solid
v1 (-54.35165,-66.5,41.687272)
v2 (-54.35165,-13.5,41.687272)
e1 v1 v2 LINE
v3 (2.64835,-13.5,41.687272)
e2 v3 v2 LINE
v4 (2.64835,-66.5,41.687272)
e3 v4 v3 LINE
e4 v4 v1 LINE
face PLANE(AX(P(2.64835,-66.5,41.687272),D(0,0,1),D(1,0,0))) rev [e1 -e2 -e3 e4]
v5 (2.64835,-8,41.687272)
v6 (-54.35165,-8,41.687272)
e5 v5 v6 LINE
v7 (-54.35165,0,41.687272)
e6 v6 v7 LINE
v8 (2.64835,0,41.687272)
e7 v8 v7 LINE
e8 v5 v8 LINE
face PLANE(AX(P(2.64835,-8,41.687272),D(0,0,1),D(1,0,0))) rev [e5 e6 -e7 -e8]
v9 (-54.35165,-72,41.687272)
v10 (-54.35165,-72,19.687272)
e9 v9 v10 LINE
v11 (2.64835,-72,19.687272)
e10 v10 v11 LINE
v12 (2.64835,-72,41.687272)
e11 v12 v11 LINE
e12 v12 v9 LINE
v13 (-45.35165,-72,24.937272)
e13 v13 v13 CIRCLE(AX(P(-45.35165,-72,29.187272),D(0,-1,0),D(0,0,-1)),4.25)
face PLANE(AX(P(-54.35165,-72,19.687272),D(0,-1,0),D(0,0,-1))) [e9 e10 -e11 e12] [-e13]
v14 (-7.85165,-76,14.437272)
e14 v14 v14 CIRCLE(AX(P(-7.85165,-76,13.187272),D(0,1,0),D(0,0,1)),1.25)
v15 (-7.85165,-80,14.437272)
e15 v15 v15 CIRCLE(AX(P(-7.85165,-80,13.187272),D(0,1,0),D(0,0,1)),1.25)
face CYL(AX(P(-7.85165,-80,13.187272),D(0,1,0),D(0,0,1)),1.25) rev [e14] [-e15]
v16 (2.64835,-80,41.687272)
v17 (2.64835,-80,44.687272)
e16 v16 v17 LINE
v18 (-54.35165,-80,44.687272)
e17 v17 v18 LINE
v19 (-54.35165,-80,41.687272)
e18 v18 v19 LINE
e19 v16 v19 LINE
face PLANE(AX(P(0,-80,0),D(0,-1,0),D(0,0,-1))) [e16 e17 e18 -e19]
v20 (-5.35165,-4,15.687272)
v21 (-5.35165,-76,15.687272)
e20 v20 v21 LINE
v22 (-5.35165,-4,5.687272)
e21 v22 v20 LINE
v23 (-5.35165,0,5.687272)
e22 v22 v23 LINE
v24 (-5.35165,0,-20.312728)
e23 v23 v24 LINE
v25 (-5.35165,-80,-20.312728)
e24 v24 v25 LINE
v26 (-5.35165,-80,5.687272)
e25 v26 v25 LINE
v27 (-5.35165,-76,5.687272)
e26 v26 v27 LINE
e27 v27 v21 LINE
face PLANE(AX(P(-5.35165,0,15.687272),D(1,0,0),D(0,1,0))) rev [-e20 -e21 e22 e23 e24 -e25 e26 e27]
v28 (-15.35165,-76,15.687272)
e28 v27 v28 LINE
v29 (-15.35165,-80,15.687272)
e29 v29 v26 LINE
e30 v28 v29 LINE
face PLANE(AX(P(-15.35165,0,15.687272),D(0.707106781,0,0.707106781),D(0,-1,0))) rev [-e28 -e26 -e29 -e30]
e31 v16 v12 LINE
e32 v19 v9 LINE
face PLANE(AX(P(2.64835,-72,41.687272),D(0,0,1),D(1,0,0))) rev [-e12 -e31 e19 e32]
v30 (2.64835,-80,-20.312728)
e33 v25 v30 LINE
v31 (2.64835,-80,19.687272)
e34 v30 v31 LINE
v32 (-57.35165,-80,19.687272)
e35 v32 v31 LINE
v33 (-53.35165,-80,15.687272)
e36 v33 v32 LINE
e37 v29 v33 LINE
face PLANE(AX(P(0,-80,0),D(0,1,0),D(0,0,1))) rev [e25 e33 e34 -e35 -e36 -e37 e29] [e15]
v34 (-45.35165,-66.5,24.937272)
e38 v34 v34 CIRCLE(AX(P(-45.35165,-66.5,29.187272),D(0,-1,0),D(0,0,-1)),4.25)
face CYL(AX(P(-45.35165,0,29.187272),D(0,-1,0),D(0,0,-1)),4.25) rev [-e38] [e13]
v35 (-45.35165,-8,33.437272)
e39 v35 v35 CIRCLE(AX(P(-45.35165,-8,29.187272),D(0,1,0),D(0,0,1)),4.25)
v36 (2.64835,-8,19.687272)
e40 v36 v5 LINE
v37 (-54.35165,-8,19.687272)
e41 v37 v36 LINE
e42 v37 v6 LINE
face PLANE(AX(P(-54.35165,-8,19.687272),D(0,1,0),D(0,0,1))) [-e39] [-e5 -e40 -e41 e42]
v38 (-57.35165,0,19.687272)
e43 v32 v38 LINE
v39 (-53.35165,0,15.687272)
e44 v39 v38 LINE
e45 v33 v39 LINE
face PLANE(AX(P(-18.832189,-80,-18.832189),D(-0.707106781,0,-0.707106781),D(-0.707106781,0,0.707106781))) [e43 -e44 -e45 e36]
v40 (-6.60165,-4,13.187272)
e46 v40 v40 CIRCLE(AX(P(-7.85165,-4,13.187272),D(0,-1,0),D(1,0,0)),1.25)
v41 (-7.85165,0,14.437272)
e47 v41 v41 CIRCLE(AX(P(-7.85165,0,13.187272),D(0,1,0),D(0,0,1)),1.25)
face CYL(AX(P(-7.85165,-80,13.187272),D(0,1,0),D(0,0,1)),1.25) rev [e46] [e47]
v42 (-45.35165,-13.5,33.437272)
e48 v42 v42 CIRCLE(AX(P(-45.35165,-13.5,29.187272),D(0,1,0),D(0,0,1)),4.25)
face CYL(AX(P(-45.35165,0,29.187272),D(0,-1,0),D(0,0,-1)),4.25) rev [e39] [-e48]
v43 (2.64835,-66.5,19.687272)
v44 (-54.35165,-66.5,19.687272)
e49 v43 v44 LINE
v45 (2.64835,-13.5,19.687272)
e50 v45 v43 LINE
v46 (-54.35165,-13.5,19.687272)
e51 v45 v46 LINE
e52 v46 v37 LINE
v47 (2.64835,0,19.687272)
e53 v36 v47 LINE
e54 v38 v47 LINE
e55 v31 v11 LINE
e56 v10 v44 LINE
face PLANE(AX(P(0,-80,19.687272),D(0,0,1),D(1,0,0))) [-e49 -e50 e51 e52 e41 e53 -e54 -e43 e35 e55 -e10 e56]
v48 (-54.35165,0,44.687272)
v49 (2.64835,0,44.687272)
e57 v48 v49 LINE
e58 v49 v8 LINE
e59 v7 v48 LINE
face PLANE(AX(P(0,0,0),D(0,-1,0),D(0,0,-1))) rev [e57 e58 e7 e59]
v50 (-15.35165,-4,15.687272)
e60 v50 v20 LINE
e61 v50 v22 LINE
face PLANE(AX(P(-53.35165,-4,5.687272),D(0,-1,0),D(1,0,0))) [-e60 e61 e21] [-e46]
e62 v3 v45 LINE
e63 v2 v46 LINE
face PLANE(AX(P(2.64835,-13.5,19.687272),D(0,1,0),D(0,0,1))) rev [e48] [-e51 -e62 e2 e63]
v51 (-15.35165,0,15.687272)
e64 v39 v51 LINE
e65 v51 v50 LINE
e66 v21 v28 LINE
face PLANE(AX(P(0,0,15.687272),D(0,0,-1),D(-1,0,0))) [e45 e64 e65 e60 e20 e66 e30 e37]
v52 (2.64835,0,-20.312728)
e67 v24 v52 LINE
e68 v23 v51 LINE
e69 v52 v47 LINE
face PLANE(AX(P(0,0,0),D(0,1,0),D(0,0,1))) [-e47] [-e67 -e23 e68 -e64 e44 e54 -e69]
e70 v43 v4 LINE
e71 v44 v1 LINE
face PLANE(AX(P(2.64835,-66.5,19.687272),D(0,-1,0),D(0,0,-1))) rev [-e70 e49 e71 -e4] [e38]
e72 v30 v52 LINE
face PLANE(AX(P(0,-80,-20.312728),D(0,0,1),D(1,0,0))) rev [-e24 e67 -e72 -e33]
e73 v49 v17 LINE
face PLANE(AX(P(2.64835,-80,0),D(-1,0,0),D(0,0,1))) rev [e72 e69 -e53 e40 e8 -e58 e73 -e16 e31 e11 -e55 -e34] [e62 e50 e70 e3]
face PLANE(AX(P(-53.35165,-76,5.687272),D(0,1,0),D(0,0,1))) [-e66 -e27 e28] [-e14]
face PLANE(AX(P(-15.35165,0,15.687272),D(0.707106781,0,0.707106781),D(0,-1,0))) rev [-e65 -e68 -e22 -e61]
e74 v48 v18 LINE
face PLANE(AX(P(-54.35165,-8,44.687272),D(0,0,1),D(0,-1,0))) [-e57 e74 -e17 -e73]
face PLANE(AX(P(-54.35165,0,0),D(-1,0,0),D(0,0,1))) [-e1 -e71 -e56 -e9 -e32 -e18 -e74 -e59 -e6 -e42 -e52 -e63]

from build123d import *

# Parameters (mm, degrees)
SKETCH1_W           = 20
SKETCH1_H           = 40
BOSS_EXTRUDE1_DEPTH = 80
SKETCH8_W           = 25
SKETCH8_H           = 64
BOSS_EXTRUDE2_DEPTH = 57
SKETCH12_W          = 57
SKETCH12_H          = 6
BOSS_EXTRUDE3_DEPTH = 8
SKETCH14_W          = 57
SKETCH14_H          = 6
BOSS_EXTRUDE4_DEPTH = 8
SKETCH17_W          = 48
SKETCH17_H          = 80
CUT_EXTRUDE4_DEPTH  = 36
CHAMFER1_SIZE       = 10
SKETCH16_W          = 48
SKETCH16_H          = 72
CUT_EXTRUDE5_DEPTH  = 10
SKETCH19_R          = 1.25
CUT_EXTRUDE6_DEPTH  = 109.102562738
SKETCH21_W          = 19
SKETCH21_H          = 53
CUT_EXTRUDE7_DEPTH  = 108.916413596
SKETCH22_R          = 4.25
CUT_EXTRUDE8_DEPTH  = 103.323819663
SKETCH25_W          = 3
SKETCH25_H          = 8
SKETCH25_H_2        = 53
CUT_EXTRUDE11_DEPTH = 108.916413596


with BuildPart() as part:
    # Sketch1 → Boss-Extrude1 (new body)
    with BuildSketch(Plane(origin=(0, 0, 0), x_dir=(1, 0, 0), z_dir=(0, 1, 0))):
        Polygon((-17.351649908, 20.312727502), (-57.351649908, -19.687272498), (-17.351649908, -19.687272498), align=None)
        with Locations((-7.351649908, 0.312727502)):
            Rectangle(SKETCH1_W, SKETCH1_H)
    extrude(amount=-BOSS_EXTRUDE1_DEPTH)

    # Sketch8 → Boss-Extrude2 (add)
    with BuildSketch(Plane(origin=(2.648350092, 0, 0), x_dir=(0, 0, -1), z_dir=(1, 0, 0))):
        with Locations((-32.187272498, -40)):
            Rectangle(SKETCH8_W, SKETCH8_H)
    extrude(amount=-BOSS_EXTRUDE2_DEPTH)

    # Sketch12 → Boss-Extrude3 (add)
    with BuildSketch(Plane.XZ.offset(72)):
        with Locations((-25.851649908, 41.687272498)):
            Rectangle(SKETCH12_W, SKETCH12_H)
    extrude(amount=BOSS_EXTRUDE3_DEPTH)

    # Sketch14 → Boss-Extrude4 (add)
    with BuildSketch(Plane(origin=(0, -8, 0), x_dir=(1, 0, 0), z_dir=(0, 1, 0))):
        with Locations((-25.851649908, -41.687272498)):
            Rectangle(SKETCH14_W, SKETCH14_H)
    extrude(amount=BOSS_EXTRUDE4_DEPTH)

    # Sketch17 → Cut-Extrude4 (cut)
    with BuildSketch(Plane(origin=(0, 0, -20.312727502), x_dir=(-1, 0, 0), z_dir=(0, 0, -1))):
        with Locations((29.351649908, -40)):
            Rectangle(SKETCH17_W, SKETCH17_H)
    extrude(amount=-CUT_EXTRUDE4_DEPTH, mode=Mode.SUBTRACT)

    # Chamfer1
    chamfer1_edges = [part.edges().sort_by_distance(p)[0] for p in [
        (-5.351649908, -40, 15.687272498),
    ]]
    chamfer(chamfer1_edges, length=CHAMFER1_SIZE)

    # Sketch16 → Cut-Extrude5 (cut)
    with BuildSketch(Plane(origin=(0, 0, 15.687272498), x_dir=(-1, 0, 0), z_dir=(0, 0, -1))):
        with Locations((29.351649908, -40)):
            Rectangle(SKETCH16_W, SKETCH16_H)
    extrude(amount=CUT_EXTRUDE5_DEPTH, mode=Mode.SUBTRACT)

    # Sketch19 → Cut-Extrude6 (cut, through all)
    with BuildSketch(Plane(origin=(0, 0, 0), x_dir=(1, 0, 0), z_dir=(0, 1, 0))):
        with Locations(Location((-7.851649908, -13.187272498, 0), (0, 0, 270))):
            Circle(SKETCH19_R)
    extrude(amount=-CUT_EXTRUDE6_DEPTH, mode=Mode.SUBTRACT)

    # Sketch21 → Cut-Extrude7 (cut, through all)
    with BuildSketch(Plane.ZY.offset(54.351649908)):
        with Locations((29.187272498, -40)):
            Rectangle(SKETCH21_W, SKETCH21_H)
    extrude(amount=-CUT_EXTRUDE7_DEPTH, mode=Mode.SUBTRACT)

    # Sketch22 → Cut-Extrude8 (cut, through all)
    with BuildSketch(Plane.XZ.offset(72)):
        with Locations(Location((-45.351649908, 29.187272498, 0), (0, 0, 270))):
            Circle(SKETCH22_R)
    extrude(amount=-CUT_EXTRUDE8_DEPTH, mode=Mode.SUBTRACT)

    # Sketch25 → Cut-Extrude11 (cut, through all)
    with BuildSketch(Plane.ZY.offset(54.351649908)):
        with Locations((40.187272498, -76)):
            Rectangle(SKETCH25_W, SKETCH25_H)
        with Locations((40.187272498, -40)):
            Rectangle(SKETCH25_W, SKETCH25_H_2)
        with Locations((40.187272498, -4)):
            Rectangle(SKETCH25_W, SKETCH25_H)
    extrude(amount=-CUT_EXTRUDE11_DEPTH, mode=Mode.SUBTRACT)


solid = part.part
